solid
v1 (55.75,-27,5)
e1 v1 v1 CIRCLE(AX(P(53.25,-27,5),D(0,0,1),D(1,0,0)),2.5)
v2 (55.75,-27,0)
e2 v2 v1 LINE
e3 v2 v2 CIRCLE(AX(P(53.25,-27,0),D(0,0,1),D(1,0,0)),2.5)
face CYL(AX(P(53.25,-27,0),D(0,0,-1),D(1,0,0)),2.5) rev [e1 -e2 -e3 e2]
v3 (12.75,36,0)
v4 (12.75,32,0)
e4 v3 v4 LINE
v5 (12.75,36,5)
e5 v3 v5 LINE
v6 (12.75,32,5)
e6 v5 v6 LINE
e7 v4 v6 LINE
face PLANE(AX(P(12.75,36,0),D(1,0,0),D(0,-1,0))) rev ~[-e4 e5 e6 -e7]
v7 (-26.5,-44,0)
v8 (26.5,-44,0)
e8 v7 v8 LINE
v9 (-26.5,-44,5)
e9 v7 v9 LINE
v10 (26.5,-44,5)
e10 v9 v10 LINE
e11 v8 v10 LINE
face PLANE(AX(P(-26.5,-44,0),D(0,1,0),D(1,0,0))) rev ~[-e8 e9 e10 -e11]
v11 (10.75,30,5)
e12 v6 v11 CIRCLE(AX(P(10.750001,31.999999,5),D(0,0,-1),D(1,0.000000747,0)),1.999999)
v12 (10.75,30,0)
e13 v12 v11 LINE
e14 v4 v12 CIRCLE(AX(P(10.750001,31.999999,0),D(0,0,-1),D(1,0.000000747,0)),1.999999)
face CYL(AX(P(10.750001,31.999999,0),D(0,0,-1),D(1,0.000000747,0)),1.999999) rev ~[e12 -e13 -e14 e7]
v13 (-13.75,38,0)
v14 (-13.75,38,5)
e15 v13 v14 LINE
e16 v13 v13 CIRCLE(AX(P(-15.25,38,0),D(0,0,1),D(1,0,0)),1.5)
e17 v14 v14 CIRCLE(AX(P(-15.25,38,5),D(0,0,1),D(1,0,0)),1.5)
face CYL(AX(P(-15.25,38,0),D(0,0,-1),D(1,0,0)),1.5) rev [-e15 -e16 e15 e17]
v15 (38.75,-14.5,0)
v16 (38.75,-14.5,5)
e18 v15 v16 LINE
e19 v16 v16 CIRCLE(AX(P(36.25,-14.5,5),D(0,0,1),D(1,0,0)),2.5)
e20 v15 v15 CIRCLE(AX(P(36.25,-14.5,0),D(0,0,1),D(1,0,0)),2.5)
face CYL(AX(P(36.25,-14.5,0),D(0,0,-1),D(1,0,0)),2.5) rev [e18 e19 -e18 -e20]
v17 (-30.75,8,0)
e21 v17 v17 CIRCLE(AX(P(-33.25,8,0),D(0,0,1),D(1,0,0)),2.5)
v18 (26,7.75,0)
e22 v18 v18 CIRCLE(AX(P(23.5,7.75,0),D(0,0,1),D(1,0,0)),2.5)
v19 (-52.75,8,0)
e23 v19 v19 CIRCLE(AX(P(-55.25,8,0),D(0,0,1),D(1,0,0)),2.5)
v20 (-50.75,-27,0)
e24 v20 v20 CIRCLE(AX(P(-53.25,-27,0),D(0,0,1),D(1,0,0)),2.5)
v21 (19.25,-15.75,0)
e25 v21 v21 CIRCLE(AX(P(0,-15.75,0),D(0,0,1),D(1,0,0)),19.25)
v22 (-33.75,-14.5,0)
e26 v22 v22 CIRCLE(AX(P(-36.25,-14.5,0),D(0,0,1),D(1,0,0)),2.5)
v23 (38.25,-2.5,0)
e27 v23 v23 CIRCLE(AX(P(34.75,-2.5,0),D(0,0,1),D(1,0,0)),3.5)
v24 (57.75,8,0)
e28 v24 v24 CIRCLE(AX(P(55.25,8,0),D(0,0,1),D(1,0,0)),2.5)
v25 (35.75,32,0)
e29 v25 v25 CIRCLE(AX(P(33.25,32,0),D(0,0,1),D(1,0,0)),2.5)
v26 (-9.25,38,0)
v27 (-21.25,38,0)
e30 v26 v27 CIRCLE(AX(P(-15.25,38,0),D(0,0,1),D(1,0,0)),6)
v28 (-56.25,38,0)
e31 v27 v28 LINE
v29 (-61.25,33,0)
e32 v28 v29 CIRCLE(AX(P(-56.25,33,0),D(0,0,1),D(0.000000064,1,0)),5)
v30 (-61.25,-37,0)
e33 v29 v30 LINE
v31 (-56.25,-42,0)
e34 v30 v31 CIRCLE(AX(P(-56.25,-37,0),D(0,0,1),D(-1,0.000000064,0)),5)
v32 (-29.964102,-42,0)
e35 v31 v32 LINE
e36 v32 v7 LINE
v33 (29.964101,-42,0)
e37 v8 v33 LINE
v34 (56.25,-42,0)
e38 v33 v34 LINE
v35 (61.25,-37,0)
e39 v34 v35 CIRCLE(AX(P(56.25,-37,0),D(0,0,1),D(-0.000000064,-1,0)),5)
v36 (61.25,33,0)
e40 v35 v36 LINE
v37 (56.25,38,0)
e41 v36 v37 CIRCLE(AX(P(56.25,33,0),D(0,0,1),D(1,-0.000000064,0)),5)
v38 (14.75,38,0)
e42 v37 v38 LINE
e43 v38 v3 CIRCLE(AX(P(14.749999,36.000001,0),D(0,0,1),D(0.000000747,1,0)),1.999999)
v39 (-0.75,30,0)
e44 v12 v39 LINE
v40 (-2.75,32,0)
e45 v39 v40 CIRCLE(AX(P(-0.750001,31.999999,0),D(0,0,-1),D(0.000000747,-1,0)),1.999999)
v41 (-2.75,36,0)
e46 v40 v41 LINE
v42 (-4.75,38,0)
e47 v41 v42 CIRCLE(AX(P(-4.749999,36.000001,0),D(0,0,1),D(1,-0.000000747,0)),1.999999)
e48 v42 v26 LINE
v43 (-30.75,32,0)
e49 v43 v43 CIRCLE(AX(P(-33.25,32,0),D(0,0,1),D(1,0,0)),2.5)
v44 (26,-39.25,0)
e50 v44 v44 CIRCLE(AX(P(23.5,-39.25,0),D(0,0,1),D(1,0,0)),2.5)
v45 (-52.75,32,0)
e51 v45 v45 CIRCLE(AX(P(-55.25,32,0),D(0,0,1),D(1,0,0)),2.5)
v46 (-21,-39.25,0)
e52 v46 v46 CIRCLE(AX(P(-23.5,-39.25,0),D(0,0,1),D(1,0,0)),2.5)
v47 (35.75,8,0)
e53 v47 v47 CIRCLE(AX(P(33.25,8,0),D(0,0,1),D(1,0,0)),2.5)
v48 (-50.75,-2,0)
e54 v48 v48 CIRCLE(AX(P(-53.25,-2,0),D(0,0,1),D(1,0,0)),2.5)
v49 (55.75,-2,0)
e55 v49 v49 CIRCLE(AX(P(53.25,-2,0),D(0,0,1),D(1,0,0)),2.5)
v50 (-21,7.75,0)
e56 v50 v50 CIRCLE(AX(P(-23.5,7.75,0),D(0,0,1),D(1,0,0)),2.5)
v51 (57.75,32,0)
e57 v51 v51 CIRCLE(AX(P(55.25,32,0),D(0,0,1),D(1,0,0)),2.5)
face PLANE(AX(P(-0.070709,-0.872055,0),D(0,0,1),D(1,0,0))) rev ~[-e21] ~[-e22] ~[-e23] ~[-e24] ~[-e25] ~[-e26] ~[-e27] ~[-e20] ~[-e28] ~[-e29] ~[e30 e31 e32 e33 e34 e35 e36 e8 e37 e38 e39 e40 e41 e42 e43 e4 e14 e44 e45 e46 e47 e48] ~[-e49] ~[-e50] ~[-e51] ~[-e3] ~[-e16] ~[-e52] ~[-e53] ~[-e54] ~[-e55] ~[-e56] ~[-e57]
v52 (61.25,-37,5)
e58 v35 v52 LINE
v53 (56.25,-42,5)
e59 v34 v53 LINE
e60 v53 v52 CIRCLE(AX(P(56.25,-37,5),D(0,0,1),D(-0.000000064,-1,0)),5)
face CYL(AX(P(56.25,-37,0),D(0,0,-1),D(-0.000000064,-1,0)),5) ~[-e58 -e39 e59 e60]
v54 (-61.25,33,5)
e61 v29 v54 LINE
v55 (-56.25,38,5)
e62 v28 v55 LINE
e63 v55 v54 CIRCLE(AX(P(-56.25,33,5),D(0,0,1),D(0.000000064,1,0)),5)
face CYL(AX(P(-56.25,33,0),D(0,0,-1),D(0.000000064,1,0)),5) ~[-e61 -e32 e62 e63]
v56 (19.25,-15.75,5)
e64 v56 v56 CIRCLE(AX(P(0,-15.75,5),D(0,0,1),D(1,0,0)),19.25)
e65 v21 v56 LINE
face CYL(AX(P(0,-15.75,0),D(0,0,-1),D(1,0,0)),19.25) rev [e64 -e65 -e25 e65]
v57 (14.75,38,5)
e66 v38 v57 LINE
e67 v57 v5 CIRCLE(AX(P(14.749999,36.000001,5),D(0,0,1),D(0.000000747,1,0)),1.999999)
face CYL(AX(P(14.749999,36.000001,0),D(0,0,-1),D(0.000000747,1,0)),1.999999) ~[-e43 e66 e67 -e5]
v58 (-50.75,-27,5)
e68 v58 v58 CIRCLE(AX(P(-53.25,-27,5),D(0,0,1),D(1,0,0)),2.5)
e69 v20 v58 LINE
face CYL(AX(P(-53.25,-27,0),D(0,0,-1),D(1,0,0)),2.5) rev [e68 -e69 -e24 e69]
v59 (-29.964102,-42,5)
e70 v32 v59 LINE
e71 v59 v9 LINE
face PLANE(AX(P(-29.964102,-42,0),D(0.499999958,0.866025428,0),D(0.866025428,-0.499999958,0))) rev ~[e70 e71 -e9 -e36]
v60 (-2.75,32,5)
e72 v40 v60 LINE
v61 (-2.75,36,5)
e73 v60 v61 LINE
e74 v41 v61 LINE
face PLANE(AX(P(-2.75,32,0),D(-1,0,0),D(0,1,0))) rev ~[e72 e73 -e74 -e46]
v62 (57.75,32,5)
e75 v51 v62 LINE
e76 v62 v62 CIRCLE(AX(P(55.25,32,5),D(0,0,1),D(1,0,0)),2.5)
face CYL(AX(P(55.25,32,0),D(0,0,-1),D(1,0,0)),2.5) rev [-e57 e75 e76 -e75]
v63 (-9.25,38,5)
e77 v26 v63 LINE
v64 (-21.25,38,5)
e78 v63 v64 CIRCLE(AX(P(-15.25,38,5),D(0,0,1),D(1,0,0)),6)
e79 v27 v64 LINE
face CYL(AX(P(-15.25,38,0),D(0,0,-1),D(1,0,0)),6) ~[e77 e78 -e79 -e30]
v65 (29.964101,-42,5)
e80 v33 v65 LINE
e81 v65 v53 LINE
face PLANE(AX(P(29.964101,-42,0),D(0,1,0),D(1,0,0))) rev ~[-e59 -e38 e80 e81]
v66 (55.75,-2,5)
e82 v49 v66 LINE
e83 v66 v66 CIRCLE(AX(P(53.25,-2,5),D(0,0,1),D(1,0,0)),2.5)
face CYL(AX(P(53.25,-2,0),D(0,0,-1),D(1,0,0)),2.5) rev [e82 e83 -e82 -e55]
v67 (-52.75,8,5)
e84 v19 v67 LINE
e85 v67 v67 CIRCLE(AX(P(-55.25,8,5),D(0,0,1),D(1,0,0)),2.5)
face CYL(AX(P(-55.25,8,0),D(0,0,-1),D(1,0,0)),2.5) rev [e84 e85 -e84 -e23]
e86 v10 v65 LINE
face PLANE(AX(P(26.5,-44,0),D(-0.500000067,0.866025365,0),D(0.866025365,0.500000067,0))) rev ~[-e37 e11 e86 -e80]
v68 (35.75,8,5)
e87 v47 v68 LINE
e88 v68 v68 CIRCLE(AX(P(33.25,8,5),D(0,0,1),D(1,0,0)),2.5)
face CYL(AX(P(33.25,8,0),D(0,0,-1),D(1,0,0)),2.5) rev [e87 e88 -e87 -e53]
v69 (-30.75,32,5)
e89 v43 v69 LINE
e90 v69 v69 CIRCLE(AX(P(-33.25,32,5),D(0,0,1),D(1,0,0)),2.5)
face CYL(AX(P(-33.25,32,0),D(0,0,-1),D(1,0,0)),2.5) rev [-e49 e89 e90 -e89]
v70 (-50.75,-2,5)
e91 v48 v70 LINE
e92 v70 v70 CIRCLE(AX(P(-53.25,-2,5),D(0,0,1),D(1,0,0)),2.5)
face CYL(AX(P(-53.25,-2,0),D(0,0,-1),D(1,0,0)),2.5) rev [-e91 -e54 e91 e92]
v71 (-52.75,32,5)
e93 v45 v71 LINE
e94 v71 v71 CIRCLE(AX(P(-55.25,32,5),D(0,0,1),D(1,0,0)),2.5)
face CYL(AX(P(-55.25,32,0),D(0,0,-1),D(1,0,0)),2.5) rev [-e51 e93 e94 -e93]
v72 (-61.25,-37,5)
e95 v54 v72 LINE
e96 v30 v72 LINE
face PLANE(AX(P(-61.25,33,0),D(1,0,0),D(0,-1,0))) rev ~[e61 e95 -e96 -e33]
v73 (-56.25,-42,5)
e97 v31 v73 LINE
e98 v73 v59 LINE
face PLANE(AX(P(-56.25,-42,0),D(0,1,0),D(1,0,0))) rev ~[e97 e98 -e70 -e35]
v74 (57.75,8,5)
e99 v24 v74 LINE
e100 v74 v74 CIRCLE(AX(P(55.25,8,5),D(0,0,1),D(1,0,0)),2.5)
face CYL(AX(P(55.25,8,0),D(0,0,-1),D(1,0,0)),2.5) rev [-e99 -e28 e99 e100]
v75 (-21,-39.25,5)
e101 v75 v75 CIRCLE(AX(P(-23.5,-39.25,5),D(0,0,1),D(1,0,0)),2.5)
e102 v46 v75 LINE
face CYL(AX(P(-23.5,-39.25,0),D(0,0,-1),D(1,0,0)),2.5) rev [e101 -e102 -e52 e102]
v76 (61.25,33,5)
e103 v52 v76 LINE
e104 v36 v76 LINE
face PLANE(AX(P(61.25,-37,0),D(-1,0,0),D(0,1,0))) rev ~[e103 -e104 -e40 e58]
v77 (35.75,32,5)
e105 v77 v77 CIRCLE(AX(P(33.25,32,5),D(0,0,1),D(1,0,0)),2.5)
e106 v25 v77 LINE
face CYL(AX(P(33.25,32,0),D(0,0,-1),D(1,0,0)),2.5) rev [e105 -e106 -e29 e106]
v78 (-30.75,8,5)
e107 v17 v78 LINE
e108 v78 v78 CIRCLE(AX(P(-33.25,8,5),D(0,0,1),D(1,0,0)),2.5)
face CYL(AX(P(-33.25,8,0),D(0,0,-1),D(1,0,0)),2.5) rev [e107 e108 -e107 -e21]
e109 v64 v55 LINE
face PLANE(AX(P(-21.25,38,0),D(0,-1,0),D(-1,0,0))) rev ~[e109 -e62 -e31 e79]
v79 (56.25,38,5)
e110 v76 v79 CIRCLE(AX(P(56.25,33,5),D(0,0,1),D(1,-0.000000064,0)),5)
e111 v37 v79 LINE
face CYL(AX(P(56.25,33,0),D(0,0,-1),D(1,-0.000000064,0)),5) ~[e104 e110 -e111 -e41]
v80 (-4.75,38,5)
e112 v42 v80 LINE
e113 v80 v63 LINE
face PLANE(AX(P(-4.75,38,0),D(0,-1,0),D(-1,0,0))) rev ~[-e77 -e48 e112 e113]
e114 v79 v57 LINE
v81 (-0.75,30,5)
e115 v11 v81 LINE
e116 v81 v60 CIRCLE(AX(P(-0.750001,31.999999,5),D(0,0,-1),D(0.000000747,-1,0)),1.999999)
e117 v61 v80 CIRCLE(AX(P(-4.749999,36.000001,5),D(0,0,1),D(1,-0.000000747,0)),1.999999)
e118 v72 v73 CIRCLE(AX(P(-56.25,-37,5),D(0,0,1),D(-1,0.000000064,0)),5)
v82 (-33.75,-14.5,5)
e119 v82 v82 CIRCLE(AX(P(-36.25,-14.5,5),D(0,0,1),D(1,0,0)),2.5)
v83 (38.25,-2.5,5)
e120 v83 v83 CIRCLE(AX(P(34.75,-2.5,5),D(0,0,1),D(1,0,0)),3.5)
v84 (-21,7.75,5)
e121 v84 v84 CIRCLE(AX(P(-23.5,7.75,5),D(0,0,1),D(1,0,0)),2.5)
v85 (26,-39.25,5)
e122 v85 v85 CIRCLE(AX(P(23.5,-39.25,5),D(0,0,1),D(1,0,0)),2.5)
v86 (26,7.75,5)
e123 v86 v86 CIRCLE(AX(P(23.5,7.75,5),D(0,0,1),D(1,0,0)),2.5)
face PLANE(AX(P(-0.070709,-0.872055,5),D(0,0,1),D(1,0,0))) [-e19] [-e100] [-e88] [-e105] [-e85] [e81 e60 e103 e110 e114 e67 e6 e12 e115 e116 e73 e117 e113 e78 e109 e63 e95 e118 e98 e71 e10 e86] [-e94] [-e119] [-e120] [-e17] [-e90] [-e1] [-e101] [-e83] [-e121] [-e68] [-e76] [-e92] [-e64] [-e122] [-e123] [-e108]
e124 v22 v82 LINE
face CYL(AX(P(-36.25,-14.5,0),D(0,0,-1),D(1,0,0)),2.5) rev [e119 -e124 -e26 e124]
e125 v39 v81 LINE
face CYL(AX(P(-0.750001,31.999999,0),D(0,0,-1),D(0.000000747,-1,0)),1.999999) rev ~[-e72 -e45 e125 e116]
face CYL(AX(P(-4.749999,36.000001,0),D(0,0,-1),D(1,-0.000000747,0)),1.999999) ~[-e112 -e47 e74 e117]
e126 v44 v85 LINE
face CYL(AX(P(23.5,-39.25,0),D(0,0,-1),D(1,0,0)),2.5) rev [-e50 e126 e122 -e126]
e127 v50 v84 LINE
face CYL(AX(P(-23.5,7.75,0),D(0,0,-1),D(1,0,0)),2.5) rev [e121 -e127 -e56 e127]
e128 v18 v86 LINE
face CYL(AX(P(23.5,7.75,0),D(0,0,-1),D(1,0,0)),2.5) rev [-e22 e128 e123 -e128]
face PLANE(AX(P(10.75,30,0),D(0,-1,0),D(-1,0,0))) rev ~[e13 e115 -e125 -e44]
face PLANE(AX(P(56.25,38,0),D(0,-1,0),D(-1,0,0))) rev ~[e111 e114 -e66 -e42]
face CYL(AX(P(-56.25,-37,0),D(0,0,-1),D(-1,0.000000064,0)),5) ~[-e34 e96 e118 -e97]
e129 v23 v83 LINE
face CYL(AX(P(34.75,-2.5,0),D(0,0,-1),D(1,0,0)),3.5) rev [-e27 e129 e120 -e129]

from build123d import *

# Parameters (mm, degrees)
F0_R     = 2.5
F0_R_2   = 19.25
F0_R_3   = 3.5
F0_R_4   = 1.5
F1_DEPTH = 5


with BuildPart() as f1:
    # F0 (on Top) → F1 (new body)
    with BuildSketch(Plane.XY):
        with BuildLine():
            Line((56.25, 38), (14.75, 38))
            ThreePointArc((14.75, 38), (13.335786, 37.414214), (12.75, 36))
            Line((12.75, 36), (12.75, 32))
            ThreePointArc((12.75, 32), (12.164214, 30.585786), (10.75, 30))
            Line((10.75, 30), (-0.75, 30))
            ThreePointArc((-0.75, 30), (-2.164214, 30.585786), (-2.75, 32))
            Line((-2.75, 32), (-2.75, 36))
            ThreePointArc((-2.75, 36), (-3.335786, 37.414214), (-4.75, 38))
            Line((-4.75, 38), (-9.25, 38))
            ThreePointArc((-9.25, 38), (-15.25, 44), (-21.25, 38))
            Line((-21.25, 38), (-56.25, 38))
            ThreePointArc((-56.25, 38), (-59.785534, 36.535534), (-61.25, 33))
            Line((-61.25, 33), (-61.25, -37))
            ThreePointArc((-61.25, -37), (-59.785534, -40.535534), (-56.25, -42))
            Line((-56.25, -42), (-29.964102, -42))
            Line((-29.964102, -42), (-26.5, -44))
            Line((-26.5, -44), (26.5, -44))
            Line((26.5, -44), (29.964101, -42))
            Line((29.964101, -42), (56.25, -42))
            ThreePointArc((56.25, -42), (59.785534, -40.535534), (61.25, -37))
            Line((61.25, -37), (61.25, 33))
            ThreePointArc((61.25, 33), (59.785534, 36.535534), (56.25, 38))
        make_face()
        with Locations((-53.25, -27)):
            Circle(F0_R, mode=Mode.SUBTRACT)
        with Locations((-23.5, -39.25)):
            Circle(F0_R, mode=Mode.SUBTRACT)
        with Locations((-36.25, -14.5)):
            Circle(F0_R, mode=Mode.SUBTRACT)
        with Locations((-53.25, -2)):
            Circle(F0_R, mode=Mode.SUBTRACT)
        with Locations((23.5, -39.25)):
            Circle(F0_R, mode=Mode.SUBTRACT)
        with Locations((53.25, -27)):
            Circle(F0_R, mode=Mode.SUBTRACT)
        with Locations((0, -15.75)):
            Circle(F0_R_2, mode=Mode.SUBTRACT)
        with Locations((36.25, -14.5)):
            Circle(F0_R, mode=Mode.SUBTRACT)
        with Locations((34.75, -2.5)):
            Circle(F0_R_3, mode=Mode.SUBTRACT)
        with Locations((53.25, -2)):
            Circle(F0_R, mode=Mode.SUBTRACT)
        with Locations((-55.25, 8)):
            Circle(F0_R, mode=Mode.SUBTRACT)
        with Locations((-33.25, 8)):
            Circle(F0_R, mode=Mode.SUBTRACT)
        with Locations((-23.5, 7.75)):
            Circle(F0_R, mode=Mode.SUBTRACT)
        with Locations((-55.25, 32)):
            Circle(F0_R, mode=Mode.SUBTRACT)
        with Locations((-33.25, 32)):
            Circle(F0_R, mode=Mode.SUBTRACT)
        with Locations((-15.25, 38)):
            Circle(F0_R_4, mode=Mode.SUBTRACT)
        with Locations((23.5, 7.75)):
            Circle(F0_R, mode=Mode.SUBTRACT)
        with Locations((33.25, 8)):
            Circle(F0_R, mode=Mode.SUBTRACT)
        with Locations((55.25, 8)):
            Circle(F0_R, mode=Mode.SUBTRACT)
        with Locations((33.25, 32)):
            Circle(F0_R, mode=Mode.SUBTRACT)
        with Locations((55.25, 32)):
            Circle(F0_R, mode=Mode.SUBTRACT)
    extrude(amount=F1_DEPTH)


solid = f1.part
